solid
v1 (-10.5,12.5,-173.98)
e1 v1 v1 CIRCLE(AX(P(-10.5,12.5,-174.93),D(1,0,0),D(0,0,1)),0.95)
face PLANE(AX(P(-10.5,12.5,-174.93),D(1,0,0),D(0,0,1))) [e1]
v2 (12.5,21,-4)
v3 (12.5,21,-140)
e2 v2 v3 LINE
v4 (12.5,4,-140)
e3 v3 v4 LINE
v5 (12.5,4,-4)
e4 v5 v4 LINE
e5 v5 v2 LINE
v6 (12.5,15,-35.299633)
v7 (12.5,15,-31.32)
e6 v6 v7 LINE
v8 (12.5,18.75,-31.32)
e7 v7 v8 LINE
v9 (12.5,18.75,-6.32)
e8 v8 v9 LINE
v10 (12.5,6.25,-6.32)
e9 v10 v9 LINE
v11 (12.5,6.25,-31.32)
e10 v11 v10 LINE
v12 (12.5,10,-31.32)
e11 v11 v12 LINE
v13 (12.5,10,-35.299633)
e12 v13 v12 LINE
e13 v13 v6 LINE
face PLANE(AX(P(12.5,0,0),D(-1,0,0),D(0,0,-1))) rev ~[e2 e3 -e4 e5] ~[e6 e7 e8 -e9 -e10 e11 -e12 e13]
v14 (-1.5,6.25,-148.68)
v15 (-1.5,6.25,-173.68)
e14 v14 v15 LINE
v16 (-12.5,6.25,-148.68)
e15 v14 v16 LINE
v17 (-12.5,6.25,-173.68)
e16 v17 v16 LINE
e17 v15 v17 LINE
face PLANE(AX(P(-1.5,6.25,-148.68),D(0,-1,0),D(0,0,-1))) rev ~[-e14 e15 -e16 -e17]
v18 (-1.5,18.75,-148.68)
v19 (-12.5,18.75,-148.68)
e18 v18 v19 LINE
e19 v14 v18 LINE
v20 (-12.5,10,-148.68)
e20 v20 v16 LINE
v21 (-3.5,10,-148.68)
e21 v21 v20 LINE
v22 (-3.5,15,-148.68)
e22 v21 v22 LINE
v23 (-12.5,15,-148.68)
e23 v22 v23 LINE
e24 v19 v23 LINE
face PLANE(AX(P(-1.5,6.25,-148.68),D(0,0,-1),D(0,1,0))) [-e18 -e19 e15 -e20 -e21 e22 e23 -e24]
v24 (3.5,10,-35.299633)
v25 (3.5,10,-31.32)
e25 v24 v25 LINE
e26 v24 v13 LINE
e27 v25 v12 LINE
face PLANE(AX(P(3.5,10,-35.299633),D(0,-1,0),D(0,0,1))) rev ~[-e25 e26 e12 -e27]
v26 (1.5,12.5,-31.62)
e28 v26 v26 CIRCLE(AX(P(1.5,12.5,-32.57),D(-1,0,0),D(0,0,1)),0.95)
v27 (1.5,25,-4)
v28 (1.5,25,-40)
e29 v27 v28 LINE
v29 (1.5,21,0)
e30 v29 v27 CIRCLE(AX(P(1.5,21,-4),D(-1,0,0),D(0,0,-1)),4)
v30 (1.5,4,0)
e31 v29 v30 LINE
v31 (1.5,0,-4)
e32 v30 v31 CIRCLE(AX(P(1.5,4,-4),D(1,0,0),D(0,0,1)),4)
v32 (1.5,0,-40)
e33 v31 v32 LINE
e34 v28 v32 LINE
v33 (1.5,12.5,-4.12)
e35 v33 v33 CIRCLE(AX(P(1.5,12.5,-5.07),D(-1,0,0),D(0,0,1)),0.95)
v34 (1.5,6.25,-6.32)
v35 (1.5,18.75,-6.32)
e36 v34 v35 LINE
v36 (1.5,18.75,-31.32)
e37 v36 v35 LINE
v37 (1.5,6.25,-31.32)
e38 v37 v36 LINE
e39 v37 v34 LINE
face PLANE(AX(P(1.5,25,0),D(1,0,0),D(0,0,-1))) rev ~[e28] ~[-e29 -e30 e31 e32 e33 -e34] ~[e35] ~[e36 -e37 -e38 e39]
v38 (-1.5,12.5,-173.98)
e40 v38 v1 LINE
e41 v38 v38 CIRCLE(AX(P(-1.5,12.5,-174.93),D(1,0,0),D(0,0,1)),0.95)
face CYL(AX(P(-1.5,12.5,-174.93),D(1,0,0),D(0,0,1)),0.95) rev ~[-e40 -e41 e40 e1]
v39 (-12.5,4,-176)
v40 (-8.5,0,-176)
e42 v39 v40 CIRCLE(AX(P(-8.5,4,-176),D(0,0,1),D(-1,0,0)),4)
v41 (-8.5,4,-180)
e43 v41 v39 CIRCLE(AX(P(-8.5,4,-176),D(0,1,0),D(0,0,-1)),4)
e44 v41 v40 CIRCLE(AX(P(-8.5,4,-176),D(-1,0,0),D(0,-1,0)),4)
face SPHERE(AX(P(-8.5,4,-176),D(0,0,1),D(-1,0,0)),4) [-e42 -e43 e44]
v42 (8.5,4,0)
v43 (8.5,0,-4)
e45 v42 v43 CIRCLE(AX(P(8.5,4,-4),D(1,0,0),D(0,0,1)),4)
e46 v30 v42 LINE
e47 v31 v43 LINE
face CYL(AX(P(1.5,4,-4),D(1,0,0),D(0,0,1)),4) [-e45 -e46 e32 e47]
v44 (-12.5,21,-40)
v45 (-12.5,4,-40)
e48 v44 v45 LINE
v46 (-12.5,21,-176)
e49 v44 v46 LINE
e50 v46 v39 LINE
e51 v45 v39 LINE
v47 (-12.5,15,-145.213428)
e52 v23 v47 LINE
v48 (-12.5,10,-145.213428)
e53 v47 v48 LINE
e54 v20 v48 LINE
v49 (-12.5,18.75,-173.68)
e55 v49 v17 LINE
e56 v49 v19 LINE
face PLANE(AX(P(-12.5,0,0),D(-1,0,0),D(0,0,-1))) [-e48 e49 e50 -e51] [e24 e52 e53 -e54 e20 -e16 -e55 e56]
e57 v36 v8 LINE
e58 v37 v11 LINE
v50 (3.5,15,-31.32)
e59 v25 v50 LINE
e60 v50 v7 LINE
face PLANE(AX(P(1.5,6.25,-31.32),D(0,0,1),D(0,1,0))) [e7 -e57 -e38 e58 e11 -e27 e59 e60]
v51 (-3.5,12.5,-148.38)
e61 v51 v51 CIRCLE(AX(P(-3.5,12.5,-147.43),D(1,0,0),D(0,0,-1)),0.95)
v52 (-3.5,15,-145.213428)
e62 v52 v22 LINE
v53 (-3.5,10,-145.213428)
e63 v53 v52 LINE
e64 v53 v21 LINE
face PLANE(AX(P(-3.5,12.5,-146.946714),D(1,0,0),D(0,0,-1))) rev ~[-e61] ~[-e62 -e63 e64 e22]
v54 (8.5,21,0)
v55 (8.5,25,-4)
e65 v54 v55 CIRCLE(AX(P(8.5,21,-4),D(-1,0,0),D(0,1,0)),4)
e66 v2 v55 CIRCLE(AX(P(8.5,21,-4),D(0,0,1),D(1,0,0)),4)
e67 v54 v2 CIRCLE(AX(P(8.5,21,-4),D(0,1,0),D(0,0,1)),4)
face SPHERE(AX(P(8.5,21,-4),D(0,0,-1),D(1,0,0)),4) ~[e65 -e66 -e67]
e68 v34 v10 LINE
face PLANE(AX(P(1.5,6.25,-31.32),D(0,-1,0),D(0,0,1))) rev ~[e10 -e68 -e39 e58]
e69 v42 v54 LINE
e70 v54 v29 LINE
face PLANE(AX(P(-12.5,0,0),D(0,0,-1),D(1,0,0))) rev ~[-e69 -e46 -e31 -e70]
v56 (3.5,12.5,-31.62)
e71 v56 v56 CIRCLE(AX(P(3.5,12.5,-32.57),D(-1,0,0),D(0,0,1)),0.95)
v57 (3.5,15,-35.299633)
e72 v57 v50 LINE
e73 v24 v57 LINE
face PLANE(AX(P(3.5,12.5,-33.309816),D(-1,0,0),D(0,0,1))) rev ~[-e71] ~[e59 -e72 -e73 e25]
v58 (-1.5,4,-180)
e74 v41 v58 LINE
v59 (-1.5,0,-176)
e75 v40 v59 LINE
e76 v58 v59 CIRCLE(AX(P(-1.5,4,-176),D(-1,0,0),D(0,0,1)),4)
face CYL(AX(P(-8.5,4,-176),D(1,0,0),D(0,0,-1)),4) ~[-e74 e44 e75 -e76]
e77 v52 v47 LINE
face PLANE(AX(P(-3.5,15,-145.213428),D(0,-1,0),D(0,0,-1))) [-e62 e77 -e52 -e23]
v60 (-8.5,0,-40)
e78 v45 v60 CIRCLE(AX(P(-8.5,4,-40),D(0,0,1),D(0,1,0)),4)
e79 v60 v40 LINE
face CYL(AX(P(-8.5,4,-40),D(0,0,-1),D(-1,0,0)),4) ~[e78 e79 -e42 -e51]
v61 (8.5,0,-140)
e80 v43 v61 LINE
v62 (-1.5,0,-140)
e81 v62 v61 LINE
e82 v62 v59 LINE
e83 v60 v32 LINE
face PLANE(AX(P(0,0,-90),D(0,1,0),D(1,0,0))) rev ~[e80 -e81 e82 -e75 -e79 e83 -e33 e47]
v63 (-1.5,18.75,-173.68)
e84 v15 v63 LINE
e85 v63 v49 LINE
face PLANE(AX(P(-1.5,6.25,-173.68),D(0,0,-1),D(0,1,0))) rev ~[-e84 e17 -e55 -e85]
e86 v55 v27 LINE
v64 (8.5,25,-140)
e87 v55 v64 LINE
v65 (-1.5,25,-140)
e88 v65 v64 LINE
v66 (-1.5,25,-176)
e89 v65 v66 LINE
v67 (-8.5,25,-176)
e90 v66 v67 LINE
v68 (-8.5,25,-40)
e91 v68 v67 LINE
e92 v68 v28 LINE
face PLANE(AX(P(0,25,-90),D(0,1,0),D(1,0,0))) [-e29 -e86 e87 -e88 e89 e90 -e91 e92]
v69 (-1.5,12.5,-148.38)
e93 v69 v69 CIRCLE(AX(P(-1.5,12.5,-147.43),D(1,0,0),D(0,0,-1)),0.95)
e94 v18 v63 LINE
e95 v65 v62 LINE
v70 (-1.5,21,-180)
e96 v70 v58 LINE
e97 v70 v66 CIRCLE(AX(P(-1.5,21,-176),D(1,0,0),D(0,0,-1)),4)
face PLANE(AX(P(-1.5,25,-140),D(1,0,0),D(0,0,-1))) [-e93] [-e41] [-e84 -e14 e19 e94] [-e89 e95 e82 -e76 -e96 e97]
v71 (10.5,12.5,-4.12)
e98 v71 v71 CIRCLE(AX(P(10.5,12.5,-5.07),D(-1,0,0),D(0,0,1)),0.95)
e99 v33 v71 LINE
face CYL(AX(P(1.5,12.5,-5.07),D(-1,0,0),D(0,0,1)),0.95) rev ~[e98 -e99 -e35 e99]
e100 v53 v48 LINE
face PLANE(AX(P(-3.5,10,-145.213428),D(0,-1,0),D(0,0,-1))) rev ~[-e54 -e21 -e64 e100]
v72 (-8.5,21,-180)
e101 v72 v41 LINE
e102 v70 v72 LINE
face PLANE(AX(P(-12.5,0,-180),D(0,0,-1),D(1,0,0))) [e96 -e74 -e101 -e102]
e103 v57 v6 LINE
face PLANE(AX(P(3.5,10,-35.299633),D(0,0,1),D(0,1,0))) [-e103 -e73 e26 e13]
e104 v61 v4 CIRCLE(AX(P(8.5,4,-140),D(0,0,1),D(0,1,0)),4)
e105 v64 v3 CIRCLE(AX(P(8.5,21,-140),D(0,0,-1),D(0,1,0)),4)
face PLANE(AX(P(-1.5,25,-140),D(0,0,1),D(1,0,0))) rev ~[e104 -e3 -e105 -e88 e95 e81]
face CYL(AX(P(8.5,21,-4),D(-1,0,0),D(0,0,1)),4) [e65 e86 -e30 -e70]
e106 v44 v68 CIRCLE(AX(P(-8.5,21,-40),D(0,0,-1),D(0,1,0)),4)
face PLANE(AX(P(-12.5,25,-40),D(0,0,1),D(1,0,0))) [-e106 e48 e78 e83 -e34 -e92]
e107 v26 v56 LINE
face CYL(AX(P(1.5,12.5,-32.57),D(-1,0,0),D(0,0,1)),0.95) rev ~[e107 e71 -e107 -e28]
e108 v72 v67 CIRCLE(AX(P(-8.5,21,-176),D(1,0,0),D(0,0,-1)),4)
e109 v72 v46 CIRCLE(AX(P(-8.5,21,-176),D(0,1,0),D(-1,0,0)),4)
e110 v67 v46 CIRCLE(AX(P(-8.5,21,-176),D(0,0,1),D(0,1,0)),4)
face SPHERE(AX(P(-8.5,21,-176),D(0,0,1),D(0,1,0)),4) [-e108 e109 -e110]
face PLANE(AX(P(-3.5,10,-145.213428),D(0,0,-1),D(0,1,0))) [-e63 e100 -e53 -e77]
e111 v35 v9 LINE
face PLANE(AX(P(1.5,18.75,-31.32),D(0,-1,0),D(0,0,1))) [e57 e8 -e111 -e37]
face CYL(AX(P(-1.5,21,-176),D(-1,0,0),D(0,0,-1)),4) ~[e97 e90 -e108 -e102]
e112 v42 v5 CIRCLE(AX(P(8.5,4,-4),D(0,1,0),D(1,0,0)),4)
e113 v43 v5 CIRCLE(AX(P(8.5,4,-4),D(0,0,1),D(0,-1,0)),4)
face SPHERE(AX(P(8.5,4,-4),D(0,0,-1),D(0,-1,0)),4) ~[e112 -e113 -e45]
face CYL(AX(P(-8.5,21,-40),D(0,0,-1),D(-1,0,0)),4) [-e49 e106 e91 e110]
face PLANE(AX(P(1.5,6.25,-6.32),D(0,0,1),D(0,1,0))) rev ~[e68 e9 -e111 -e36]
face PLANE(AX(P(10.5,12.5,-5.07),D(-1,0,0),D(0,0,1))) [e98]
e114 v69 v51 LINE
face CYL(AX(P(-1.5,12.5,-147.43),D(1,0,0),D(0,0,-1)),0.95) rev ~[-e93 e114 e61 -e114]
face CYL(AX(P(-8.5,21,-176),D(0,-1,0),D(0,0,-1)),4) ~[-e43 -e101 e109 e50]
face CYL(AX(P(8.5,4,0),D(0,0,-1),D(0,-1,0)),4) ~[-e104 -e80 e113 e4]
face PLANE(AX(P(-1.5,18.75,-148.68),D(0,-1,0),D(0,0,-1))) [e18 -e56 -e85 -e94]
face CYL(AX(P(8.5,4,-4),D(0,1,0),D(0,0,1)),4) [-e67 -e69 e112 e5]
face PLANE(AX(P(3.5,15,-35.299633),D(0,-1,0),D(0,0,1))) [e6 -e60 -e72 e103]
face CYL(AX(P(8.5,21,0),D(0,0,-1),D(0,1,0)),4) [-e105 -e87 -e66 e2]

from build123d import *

# Parameters (mm, degrees)
SKETCH3_W           = 25
SKETCH3_H           = 180
BOSS_EXTRUDE1_DEPTH = 25
SKETCH4_W           = 14
SKETCH4_H           = 40
CUT_EXTRUDE1_DEPTH  = 183.157212319
SKETCH6_W           = 25
SKETCH6_H           = 12.5
CUT_EXTRUDE2_DEPTH  = 183.26628871
SKETCH6_3_R         = 0.95
CUT_EXTRUDE3_DEPTH  = 9
SKETCH8_W           = 25
SKETCH8_H           = 12.5
CUT_EXTRUDE4_DEPTH  = 183.26628871
SKETCH8_3_R         = 0.95
CUT_EXTRUDE5_DEPTH  = 9
FILLET1_R           = 4
CUT_EXTRUDE6_START  = -2
SKETCH12_W          = 3.466571871
SKETCH12_H          = 5
CUT_EXTRUDE6_DEPTH  = 10
CUT_EXTRUDE7_START  = -2
SKETCH11_W          = 3.979632528
SKETCH11_H          = 5
CUT_EXTRUDE7_DEPTH  = 14
FILLET2_R           = 4
FILLET3_R           = 4


with BuildPart() as part:
    # Sketch3 → Boss-Extrude1 (new body)
    with BuildSketch(Plane(origin=(0, 0, 0), x_dir=(1, 0, 0), z_dir=(0, 1, 0))):
        with Locations((0, 90)):
            Rectangle(SKETCH3_W, SKETCH3_H)
    extrude(amount=BOSS_EXTRUDE1_DEPTH)

    # Sketch4 → Cut-Extrude1 (cut, through all)
    with BuildSketch(Plane(origin=(0, 25, 0), x_dir=(1, 0, 0), z_dir=(0, 1, 0))):
        with Locations((-5.5, 20)):
            Rectangle(SKETCH4_W, SKETCH4_H)
        with Locations((5.5, 160)):
            Rectangle(SKETCH4_W, SKETCH4_H)
    extrude(amount=-CUT_EXTRUDE1_DEPTH, mode=Mode.SUBTRACT)

    # Sketch6 → Cut-Extrude2 (cut, through all)
    with BuildSketch(Plane.ZY.offset(-1.5)):
        with Locations((-18.82, 12.5)):
            Rectangle(SKETCH6_W, SKETCH6_H)
    extrude(amount=-CUT_EXTRUDE2_DEPTH, mode=Mode.SUBTRACT)

    # Sketch6<3> → Cut-Extrude3 (cut)
    with BuildSketch(Plane.ZY.offset(-1.5)):
        with Locations((-32.57, 12.5)):
            Circle(SKETCH6_3_R)
        with Locations((-5.07, 12.5)):
            Circle(SKETCH6_3_R)
    extrude(amount=-CUT_EXTRUDE3_DEPTH, mode=Mode.SUBTRACT)

    # Sketch8 → Cut-Extrude4 (cut, through all)
    with BuildSketch(Plane(origin=(-1.5, 0, 0), x_dir=(0, 0, -1), z_dir=(1, 0, 0))):
        with Locations((161.18, 12.5)):
            Rectangle(SKETCH8_W, SKETCH8_H)
    extrude(amount=-CUT_EXTRUDE4_DEPTH, mode=Mode.SUBTRACT)

    # Sketch8<3> → Cut-Extrude5 (cut)
    with BuildSketch(Plane(origin=(-1.5, 0, 0), x_dir=(0, 0, -1), z_dir=(1, 0, 0))):
        with Locations((147.43, 12.5)):
            Circle(SKETCH8_3_R)
        with Locations((174.93, 12.5)):
            Circle(SKETCH8_3_R)
    extrude(amount=-CUT_EXTRUDE5_DEPTH, mode=Mode.SUBTRACT)

    # Fillet1
    fillet1_edges = [part.edges().sort_by_distance(p)[0] for p in [
        (-12.5, 0, -110),
        (-12.5, 25, -110),
        (12.5, 0, -70),
        (12.5, 25, -70),
    ]]
    fillet(fillet1_edges, radius=FILLET1_R)

    # Sketch12 → Cut-Extrude6 (cut)
    with BuildSketch(Plane(origin=(-1.5, 0, 0), x_dir=(0, 0, -1), z_dir=(1, 0, 0)).offset(CUT_EXTRUDE6_START)):
        with Locations((146.946714065, 12.5)):
            Rectangle(SKETCH12_W, SKETCH12_H)
    extrude(amount=-CUT_EXTRUDE6_DEPTH, mode=Mode.SUBTRACT)

    # Sketch11 → Cut-Extrude7 (cut)
    with BuildSketch(Plane.ZY.offset(-1.5).offset(CUT_EXTRUDE7_START)):
        with Locations((-33.309816264, 12.5)):
            Rectangle(SKETCH11_W, SKETCH11_H)
    extrude(amount=-CUT_EXTRUDE7_DEPTH, mode=Mode.SUBTRACT)

    # Fillet2
    fillet2_edges = [part.edges().sort_by_distance(p)[0] for p in [
        (-5, 25, -180),
        (-11.328427125, 23.828427125, -180),
        (-5, 0, -180),
        (-11.328427125, 1.171572875, -180),
        (-12.5, 12.5, -180),
    ]]
    fillet(fillet2_edges, radius=FILLET2_R)

    # Fillet3
    fillet3_edges = [part.edges().sort_by_distance(p)[0] for p in [
        (5, 25, 0),
        (11.328427125, 23.828427125, 0),
        (5, 0, 0),
        (11.328427125, 1.171572875, 0),
        (12.5, 12.5, 0),
    ]]
    fillet(fillet3_edges, radius=FILLET3_R)


solid = part.part
